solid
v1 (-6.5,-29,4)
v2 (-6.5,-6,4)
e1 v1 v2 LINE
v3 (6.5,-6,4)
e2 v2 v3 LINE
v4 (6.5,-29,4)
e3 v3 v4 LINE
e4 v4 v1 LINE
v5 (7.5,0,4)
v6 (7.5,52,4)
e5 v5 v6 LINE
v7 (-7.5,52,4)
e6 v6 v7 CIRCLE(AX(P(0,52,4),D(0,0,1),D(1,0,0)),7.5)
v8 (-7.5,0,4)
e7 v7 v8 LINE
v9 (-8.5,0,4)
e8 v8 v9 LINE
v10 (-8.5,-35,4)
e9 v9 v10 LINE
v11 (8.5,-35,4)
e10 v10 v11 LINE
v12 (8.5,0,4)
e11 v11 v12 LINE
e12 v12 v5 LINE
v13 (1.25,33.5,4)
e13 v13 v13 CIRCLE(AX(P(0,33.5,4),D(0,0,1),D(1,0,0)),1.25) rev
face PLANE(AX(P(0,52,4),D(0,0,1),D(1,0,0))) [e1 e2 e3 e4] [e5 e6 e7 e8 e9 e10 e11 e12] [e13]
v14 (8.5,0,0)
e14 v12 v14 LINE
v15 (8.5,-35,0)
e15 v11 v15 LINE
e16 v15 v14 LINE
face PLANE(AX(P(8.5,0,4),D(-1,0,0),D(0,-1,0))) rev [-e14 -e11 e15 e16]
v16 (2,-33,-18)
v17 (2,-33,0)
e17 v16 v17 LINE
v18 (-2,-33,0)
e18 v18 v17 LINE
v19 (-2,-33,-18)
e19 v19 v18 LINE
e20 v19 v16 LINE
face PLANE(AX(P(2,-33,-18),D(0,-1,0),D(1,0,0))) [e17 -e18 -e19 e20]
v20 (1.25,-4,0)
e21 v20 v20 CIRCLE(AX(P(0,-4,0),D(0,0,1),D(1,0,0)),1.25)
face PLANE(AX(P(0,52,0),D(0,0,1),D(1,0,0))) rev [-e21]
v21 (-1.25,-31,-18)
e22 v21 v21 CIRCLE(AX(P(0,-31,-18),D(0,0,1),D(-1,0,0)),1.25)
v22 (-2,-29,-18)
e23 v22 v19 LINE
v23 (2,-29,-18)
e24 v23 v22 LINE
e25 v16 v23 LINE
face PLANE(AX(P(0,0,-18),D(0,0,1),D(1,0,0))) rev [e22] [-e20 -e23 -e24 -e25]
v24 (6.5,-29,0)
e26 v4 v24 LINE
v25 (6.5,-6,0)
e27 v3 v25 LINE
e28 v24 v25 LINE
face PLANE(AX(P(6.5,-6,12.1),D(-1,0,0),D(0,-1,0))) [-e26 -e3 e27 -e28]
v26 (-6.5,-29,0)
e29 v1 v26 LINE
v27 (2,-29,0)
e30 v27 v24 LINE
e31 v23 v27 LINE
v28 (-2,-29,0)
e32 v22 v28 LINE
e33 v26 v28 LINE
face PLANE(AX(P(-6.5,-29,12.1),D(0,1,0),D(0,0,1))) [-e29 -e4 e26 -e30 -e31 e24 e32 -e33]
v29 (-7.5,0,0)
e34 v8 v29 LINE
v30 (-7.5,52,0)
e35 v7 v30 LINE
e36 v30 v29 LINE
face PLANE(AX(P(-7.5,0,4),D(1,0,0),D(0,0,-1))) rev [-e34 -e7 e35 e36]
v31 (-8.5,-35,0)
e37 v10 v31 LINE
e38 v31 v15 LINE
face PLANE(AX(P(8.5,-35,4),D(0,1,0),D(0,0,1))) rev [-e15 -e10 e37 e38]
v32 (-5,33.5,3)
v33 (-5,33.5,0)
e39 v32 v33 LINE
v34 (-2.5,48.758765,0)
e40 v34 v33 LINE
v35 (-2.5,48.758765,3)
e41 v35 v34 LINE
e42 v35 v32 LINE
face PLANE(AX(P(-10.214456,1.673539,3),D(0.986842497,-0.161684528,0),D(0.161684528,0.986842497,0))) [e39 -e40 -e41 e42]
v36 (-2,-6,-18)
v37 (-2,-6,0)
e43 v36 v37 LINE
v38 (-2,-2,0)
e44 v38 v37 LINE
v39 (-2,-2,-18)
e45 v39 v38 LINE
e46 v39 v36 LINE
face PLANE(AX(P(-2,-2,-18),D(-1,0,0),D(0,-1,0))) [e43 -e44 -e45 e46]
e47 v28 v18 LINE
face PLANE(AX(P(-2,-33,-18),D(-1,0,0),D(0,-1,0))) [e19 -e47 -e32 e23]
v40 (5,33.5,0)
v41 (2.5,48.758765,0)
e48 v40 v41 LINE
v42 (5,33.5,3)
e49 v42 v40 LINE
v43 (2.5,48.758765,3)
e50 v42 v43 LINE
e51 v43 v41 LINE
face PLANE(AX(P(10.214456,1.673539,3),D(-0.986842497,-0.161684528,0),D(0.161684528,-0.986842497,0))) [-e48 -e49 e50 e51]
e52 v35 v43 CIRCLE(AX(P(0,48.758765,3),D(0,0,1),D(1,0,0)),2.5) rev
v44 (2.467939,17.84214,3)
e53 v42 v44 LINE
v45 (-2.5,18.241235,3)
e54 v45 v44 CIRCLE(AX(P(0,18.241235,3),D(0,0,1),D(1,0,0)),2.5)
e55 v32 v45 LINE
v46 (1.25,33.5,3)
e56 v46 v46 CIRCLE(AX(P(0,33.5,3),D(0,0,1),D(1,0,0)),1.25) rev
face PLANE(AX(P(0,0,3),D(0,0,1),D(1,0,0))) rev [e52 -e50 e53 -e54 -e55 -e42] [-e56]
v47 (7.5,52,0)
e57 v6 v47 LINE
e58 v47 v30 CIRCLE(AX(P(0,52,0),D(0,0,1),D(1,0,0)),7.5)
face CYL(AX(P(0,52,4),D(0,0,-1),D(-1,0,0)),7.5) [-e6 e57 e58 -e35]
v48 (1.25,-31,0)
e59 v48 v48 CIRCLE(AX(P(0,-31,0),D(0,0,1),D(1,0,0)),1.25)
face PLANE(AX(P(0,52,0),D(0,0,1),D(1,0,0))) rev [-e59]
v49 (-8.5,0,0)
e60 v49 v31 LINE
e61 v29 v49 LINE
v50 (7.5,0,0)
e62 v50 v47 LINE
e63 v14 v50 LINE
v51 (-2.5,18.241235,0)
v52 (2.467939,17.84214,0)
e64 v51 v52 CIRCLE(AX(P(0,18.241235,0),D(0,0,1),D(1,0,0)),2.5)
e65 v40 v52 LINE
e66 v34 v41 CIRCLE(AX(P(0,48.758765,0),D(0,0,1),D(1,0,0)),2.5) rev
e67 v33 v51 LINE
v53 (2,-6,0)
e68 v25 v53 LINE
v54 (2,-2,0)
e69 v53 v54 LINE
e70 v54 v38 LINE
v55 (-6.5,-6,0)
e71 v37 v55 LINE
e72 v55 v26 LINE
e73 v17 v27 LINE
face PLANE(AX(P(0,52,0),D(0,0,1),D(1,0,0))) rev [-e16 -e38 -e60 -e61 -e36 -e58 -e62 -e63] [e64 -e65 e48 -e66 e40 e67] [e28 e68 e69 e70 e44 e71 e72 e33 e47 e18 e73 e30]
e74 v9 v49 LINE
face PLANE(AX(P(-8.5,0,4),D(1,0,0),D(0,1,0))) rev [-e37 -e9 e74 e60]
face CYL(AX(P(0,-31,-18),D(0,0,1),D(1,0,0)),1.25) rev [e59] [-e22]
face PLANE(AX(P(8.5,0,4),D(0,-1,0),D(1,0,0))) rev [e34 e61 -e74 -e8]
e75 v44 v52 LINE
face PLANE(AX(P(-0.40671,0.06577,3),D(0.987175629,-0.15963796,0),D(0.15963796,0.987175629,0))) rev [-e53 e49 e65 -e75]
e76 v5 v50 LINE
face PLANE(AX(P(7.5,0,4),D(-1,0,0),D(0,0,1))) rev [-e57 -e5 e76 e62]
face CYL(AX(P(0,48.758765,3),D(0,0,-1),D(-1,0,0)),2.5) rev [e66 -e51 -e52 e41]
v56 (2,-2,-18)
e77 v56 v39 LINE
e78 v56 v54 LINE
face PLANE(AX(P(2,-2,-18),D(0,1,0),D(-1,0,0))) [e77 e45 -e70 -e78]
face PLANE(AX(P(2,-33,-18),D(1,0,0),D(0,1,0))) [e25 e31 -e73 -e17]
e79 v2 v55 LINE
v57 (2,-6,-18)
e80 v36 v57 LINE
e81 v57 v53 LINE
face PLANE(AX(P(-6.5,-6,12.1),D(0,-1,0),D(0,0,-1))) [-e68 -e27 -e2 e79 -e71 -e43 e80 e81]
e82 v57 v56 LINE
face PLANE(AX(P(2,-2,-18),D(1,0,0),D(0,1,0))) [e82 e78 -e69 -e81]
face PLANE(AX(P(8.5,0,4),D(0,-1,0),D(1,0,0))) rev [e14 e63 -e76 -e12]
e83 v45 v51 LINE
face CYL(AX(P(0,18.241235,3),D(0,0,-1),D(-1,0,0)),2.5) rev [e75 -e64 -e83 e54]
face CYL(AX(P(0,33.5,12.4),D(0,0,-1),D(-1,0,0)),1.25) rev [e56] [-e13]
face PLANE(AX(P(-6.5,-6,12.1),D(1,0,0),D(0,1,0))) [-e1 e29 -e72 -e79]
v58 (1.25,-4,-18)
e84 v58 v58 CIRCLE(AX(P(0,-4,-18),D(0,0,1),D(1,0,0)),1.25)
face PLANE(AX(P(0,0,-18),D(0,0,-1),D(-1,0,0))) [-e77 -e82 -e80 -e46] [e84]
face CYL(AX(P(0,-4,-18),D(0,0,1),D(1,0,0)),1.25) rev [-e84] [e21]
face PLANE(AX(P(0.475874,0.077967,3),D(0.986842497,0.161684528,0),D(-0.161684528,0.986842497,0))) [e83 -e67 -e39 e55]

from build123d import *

# Parameters (mm, degrees)
EXTRUDE_1_DEPTH     = 4
CUT_EXTRUDE_1_DEPTH = 3
SKETCH_5_R          = 1.25
CUT_EXTRUDE_2_DEPTH = 12.4
SKETCH_6_W          = 17
SKETCH_6_H          = 35
EXTRUDE_2_DEPTH     = 4
SKETCH_7_W          = 13
SKETCH_7_H          = 23
CUT_EXTRUDE_3_DEPTH = 12.1
SKETCH_8_W          = 4
SKETCH_8_H          = 4
SKETCH_8_R          = 1.25
EXTRUDE_3_DEPTH     = 18


with BuildPart() as part:
    # 草圖1 → 填料-伸長1 (new body)
    with BuildSketch(Plane.XY):
        with BuildLine():
            Line((7.5, 0), (7.5, 52))
            ThreePointArc((7.5, 52), (0, 59.5), (-7.5, 52))
            Line((-7.5, 52), (-7.5, 0))
            Line((-7.5, 0), (7.5, 0))
        make_face()
    extrude(amount=EXTRUDE_1_DEPTH)

    # 草圖3 → 除料-伸長1 (cut)
    with BuildSketch(Plane.XY):
        with BuildLine():
            ThreePointArc((-2.5, 48.75876512), (0, 51.25876512), (2.5, 48.75876512))
            Line((2.5, 48.75876512), (5, 33.5))
            Line((5, 33.5), (2.467939071, 17.842139978))
            ThreePointArc((2.467939071, 17.842139978), (-0.200190311, 15.749263002), (-2.5, 18.24123488))
            Line((-2.5, 18.24123488), (-5, 33.5))
            Line((-5, 33.5), (-2.5, 48.75876512))
        make_face()
    extrude(amount=CUT_EXTRUDE_1_DEPTH, mode=Mode.SUBTRACT)

    # 草圖5 → 除料-伸長2 (cut)
    with BuildSketch(Plane.XY):
        with Locations((0, 33.5)):
            Circle(SKETCH_5_R)
    extrude(amount=CUT_EXTRUDE_2_DEPTH, mode=Mode.SUBTRACT)

    # 草圖6 → 填料-伸長2 (add)
    with BuildSketch(Plane.XY):
        with Locations((0, -17.5)):
            Rectangle(SKETCH_6_W, SKETCH_6_H)
    extrude(amount=EXTRUDE_2_DEPTH)

    # 草圖7 → 除料-伸長3 (cut)
    with BuildSketch(Plane.XY):
        with Locations((0, -17.5)):
            Rectangle(SKETCH_7_W, SKETCH_7_H)
    extrude(amount=CUT_EXTRUDE_3_DEPTH, mode=Mode.SUBTRACT)

    # 草圖8 → 填料-伸長3 (add)
    with BuildSketch(Plane.XY):
        with Locations((0, -4)):
            Rectangle(SKETCH_8_W, SKETCH_8_H)
        with Locations((0, -4)):
            Circle(SKETCH_8_R, mode=Mode.SUBTRACT)
        with Locations((0, -31)):
            Rectangle(SKETCH_8_W, SKETCH_8_H)
        with Locations((0, -31)):
            Circle(SKETCH_8_R, mode=Mode.SUBTRACT)
    extrude(amount=-EXTRUDE_3_DEPTH)


solid = part.part
